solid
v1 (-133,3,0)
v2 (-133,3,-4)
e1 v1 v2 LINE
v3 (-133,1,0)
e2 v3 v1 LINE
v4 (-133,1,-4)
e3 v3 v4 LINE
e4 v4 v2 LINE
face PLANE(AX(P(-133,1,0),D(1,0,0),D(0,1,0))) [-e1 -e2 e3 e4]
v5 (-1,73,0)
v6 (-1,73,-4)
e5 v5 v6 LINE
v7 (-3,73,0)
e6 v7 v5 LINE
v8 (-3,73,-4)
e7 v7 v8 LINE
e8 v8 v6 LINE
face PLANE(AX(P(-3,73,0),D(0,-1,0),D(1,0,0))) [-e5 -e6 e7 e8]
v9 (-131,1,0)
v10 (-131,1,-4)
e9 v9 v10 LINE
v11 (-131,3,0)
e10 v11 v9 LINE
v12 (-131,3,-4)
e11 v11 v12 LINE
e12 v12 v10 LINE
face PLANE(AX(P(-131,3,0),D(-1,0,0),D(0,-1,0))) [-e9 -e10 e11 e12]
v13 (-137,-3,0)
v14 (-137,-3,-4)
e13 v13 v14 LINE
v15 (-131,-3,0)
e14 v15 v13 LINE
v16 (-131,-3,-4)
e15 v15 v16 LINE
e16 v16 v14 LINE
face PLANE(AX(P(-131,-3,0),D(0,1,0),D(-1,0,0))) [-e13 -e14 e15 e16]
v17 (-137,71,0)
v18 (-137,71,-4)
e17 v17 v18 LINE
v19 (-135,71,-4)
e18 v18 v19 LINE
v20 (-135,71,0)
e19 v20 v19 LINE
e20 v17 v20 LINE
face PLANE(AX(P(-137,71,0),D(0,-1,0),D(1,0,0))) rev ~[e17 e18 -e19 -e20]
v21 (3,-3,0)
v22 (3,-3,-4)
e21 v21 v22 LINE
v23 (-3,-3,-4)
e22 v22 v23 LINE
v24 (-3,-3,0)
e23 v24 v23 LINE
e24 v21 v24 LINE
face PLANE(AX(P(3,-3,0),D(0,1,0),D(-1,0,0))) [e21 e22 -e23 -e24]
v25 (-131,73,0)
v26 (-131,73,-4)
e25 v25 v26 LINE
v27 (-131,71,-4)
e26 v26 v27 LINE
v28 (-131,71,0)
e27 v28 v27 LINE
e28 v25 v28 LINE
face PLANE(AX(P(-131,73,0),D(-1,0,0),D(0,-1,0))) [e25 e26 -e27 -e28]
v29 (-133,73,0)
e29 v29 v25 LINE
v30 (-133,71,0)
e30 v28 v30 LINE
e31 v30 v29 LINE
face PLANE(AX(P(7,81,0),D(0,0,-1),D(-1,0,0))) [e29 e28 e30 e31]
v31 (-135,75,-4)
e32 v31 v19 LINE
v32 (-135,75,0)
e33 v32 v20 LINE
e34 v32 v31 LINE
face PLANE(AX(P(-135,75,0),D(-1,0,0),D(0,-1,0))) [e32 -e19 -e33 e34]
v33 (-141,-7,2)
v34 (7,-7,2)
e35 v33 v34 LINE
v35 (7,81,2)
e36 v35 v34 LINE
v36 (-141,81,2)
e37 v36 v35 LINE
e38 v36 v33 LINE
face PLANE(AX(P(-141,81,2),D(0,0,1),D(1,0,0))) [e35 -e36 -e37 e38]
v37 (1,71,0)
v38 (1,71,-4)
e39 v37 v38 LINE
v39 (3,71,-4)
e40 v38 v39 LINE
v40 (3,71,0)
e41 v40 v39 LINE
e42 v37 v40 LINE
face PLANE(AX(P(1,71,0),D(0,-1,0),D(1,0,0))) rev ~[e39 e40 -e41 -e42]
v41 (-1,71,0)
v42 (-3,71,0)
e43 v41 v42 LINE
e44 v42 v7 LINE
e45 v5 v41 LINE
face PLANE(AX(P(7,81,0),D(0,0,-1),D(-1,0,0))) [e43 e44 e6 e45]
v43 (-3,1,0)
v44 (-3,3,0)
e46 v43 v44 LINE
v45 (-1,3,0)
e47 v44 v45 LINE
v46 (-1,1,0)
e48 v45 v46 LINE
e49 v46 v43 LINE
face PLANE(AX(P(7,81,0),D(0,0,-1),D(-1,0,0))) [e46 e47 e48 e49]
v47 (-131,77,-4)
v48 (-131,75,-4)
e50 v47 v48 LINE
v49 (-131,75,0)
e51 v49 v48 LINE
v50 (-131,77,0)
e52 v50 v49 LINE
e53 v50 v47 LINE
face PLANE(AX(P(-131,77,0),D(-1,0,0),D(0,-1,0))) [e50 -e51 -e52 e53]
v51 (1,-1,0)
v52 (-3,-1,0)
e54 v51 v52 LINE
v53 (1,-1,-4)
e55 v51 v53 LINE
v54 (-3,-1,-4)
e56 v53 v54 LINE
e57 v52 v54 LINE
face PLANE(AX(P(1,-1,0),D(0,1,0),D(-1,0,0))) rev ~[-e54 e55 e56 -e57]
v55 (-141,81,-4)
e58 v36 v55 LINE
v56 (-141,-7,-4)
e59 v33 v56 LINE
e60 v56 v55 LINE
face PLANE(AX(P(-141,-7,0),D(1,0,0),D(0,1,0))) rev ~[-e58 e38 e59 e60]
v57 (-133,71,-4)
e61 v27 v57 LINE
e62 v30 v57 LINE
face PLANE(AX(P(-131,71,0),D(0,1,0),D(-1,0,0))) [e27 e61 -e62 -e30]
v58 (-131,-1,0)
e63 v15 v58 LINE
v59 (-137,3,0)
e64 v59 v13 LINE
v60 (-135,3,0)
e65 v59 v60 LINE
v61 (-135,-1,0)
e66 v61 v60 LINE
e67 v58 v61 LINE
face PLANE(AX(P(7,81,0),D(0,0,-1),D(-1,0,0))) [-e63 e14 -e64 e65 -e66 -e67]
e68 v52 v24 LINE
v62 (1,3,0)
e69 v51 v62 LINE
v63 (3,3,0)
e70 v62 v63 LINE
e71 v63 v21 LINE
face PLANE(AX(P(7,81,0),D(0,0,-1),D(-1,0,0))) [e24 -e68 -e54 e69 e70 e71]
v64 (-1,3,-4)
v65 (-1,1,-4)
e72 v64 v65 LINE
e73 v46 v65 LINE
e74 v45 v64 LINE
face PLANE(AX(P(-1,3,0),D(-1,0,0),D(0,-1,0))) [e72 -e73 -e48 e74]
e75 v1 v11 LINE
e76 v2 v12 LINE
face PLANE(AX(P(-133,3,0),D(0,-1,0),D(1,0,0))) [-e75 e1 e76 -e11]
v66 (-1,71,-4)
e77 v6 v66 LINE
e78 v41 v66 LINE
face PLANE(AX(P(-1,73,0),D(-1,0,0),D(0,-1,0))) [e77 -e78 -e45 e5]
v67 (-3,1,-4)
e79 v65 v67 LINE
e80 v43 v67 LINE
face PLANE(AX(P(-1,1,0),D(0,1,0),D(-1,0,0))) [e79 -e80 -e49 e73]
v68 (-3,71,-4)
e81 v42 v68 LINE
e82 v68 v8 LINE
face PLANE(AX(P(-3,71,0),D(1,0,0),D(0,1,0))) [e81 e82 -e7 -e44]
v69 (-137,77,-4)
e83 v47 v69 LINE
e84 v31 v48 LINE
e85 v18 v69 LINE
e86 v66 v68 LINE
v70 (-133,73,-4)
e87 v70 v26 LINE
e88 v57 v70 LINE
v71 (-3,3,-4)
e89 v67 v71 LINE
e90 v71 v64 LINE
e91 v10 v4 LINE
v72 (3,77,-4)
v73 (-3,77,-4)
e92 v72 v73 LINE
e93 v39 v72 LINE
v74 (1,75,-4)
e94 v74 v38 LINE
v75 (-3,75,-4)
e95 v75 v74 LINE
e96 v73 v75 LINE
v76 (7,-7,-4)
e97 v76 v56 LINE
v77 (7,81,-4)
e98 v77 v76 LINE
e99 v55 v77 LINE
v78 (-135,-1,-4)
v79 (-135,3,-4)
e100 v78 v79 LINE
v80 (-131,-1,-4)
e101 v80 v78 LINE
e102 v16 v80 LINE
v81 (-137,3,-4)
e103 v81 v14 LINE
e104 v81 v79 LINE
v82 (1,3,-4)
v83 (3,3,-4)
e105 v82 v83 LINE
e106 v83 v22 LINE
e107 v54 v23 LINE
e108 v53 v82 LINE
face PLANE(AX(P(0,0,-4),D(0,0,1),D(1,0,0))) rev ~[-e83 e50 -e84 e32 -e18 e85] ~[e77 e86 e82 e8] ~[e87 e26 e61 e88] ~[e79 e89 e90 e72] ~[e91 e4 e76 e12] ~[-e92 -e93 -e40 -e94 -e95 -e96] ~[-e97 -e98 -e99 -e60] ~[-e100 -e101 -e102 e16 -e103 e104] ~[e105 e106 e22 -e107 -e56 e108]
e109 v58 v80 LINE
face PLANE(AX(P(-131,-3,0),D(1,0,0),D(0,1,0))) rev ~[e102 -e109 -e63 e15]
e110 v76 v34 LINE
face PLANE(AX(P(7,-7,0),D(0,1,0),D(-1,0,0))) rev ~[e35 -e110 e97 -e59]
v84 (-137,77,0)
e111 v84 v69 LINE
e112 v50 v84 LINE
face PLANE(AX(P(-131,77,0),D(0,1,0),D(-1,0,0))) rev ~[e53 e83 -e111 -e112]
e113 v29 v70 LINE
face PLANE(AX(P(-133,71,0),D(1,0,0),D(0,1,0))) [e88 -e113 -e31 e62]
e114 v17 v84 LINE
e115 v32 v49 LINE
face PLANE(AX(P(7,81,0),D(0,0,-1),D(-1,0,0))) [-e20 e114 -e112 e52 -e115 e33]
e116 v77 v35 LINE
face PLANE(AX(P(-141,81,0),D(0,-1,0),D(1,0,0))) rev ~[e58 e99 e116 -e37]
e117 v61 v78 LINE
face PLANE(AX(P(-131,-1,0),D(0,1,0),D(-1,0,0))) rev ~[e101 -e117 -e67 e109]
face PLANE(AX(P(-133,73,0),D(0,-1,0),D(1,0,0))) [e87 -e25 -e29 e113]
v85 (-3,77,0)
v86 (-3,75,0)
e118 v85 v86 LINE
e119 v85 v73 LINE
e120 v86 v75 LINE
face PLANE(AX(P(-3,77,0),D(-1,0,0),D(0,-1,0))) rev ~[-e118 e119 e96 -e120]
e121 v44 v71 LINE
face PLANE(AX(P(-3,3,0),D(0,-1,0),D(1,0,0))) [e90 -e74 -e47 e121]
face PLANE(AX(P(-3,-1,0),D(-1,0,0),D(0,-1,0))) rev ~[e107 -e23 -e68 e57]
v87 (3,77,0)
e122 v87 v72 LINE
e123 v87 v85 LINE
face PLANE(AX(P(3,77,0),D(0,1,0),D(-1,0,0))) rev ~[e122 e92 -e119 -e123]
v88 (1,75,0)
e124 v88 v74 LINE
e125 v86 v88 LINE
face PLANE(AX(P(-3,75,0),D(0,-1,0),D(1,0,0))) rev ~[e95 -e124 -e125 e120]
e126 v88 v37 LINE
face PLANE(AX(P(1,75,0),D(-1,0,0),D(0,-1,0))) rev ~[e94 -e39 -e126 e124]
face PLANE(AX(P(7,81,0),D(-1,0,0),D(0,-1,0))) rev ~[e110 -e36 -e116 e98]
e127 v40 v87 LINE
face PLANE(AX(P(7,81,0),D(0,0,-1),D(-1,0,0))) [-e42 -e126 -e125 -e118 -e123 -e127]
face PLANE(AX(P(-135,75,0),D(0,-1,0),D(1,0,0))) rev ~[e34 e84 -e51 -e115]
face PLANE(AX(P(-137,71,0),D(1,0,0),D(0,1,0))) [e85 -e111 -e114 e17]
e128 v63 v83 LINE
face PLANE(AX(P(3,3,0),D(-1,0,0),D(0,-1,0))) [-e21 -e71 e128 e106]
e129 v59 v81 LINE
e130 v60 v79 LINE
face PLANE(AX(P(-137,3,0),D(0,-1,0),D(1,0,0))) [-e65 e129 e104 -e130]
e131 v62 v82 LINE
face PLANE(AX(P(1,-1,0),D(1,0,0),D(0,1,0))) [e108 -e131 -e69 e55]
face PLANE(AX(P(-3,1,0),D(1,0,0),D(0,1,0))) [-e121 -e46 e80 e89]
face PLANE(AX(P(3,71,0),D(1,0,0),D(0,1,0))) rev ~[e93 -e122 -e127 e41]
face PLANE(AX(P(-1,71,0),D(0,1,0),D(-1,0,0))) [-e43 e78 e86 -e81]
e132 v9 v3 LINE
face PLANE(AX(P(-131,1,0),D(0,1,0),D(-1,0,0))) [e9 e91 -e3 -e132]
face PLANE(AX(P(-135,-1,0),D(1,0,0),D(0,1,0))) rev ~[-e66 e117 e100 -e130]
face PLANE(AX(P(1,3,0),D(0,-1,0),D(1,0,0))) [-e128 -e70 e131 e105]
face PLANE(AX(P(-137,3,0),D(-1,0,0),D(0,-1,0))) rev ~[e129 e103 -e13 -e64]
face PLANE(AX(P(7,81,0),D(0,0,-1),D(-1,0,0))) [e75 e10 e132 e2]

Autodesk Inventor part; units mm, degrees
ref_plane "YZ Plane" through (0, 0, 0) normal (1, 0, 0) x (0, 1, 0)
ref_plane "XZ Plane" through (0, 0, 0) normal (0, 1, 0) x (-1, 0, 0)
ref_plane "XY Plane" through (0, 0, 0) normal (0, 0, 1) x (1, 0, 0)
sketch "Sketch1" plane through (0, 0, 0) normal (0, 0, 1) x (1, 0, 0)
  circle A0 centre (-107, 60.0196) radius 2 construction
  circle A1 centre (-27, 60.0196) radius 2 construction
  line L0 (-133, 1) -> (-133, 3) construction
  line L1 (-133, 3) -> (-131, 3) construction
  line L2 (-131, 3) -> (-131, 1) construction
  line L3 (-131, 1) -> (-133, 1) construction
  line L4 (-1, 3) -> (-1, 1) construction
  line L5 (-1, 1) -> (-3, 1) construction
  line L6 (-3, 1) -> (-3, 3) construction
  line L7 (-3, 3) -> (-1, 3) construction
  line L8 (-3, 73) -> (-1, 73) construction
  line L9 (-1, 73) -> (-1, 71) construction
  line L10 (-1, 71) -> (-3, 71) construction
  line L11 (-3, 71) -> (-3, 73) construction
  line L12 (-131, 71) -> (-133, 71) construction
  line L13 (-133, 71) -> (-133, 73) construction
  line L14 (-133, 73) -> (-131, 73) construction
  line L15 (-131, 73) -> (-131, 71) construction
  line L16 (-3, -3) -> (-3, -1) construction
  line L17 (-3, -1) -> (1, -1) construction
  line L18 (1, -1) -> (1, 3) construction
  line L19 (1, 3) -> (3, 3) construction
  line L20 (3, 3) -> (3, 71) construction
  line L21 (3, 71) -> (1, 71) construction
  line L22 (1, 71) -> (1, 75) construction
  line L23 (1, 75) -> (-3, 75) construction
  line L24 (-3, 75) -> (-3, 77) construction
  line L25 (-3, 77) -> (-131, 77) construction
  line L26 (-131, 77) -> (-131, 75) construction
  line L27 (-131, 75) -> (-135, 75) construction
  line L28 (-135, 75) -> (-135, 71) construction
  line L29 (-135, 71) -> (-137, 71) construction
  line L30 (-137, 71) -> (-137, 3) construction
  line L31 (-137, 3) -> (-135, 3) construction
  line L32 (-135, 3) -> (-135, -1) construction
  line L33 (-135, -1) -> (-131, -1) construction
  line L34 (-131, -1) -> (-131, -3) construction
  line L35 (-131, -3) -> (-3, -3) construction
  line L36 (-137, 3) -> (-137, -3) construction
  line L37 (-137, 77) -> (-137, 71) construction
  line L38 (3, -3) -> (-137, -3) construction
  line L39 (-137, -3) -> (-137, 77) construction
  line L40 (-137, 77) -> (3, 77) construction
  line L41 (3, 77) -> (3, -3) construction
  line L42 (7, -7) -> (-141, -7)
  line L43 (-141, -7) -> (-141, 81)
  line L44 (-141, 81) -> (7, 81)
  line L45 (7, 81) -> (7, -7)
  line L46 (3, -3) -> (-3, -3)
  line L47 (-3, -1) -> (-3, -3)
  line L48 (1, -1) -> (1, 3)
  line L49 (3, 3) -> (3, -3)
  line L50 (1, 3) -> (3, 3)
  line L51 (1, -1) -> (-3, -1)
  line L52 (1, 71) -> (3, 71)
  line L53 (3, 71) -> (3, 77)
  line L54 (-3, 77) -> (-3, 75)
  line L55 (1, 75) -> (1, 71)
  line L56 (3, 77) -> (-3, 77)
  line L57 (-3, 75) -> (1, 75)
  line L58 (-131, 77) -> (-131, 75)
  line L59 (-135, 75) -> (-135, 71)
  line L60 (-137, 71) -> (-137, 77)
  line L61 (-131, 77) -> (-137, 77)
  line L62 (-137, 71) -> (-135, 71)
  line L63 (-135, 75) -> (-131, 75)
  line L64 (-131, -3) -> (-131, -1)
  line L65 (-135, -1) -> (-135, 3)
  line L66 (-137, 3) -> (-137, -3)
  line L67 (-131, -3) -> (-137, -3)
  line L68 (-131, -1) -> (-135, -1)
  line L69 (-137, 3) -> (-135, 3)
  line L70 (-1, 1) -> (-3, 1)
  line L71 (-3, 1) -> (-3, 3)
  line L72 (-3, 3) -> (-1, 3)
  line L73 (-1, 3) -> (-1, 1)
  line L74 (-1, 71) -> (-3, 71)
  line L75 (-3, 71) -> (-3, 73)
  line L76 (-3, 73) -> (-1, 73)
  line L77 (-1, 73) -> (-1, 71)
  line L78 (-131, 71) -> (-133, 71)
  line L79 (-133, 71) -> (-133, 73)
  line L80 (-133, 73) -> (-131, 73)
  line L81 (-131, 73) -> (-131, 71)
  line L82 (-131, 1) -> (-133, 1)
  line L83 (-133, 1) -> (-133, 3)
  line L84 (-133, 3) -> (-131, 3)
  line L85 (-131, 3) -> (-131, 1)
  point P0 (0, 0)
  dimension "d0" = 4
extrude "Extrusion1" add sketch "Sketch1" against normal blind 4
sketch "Sketch2" plane through (-141, 81, 0) normal (0, 1, 0) x (1, 0, 0)
  line L0 (148, 0) -> (148, 4) projected
  line L1 (148, 0) -> (0, 0)
  line L2 (0, 0) -> (0, -2)
  line L3 (0, -2) -> (148, -2)
  line L4 (148, -2) -> (148, 0)
  point P0 (141, 0)
  dimension "d3" = 2
extrude "Extrusion2" add sketch "Sketch2" against normal up to surface (88 mm away)
properties part number "NL_hosuing_Top"
